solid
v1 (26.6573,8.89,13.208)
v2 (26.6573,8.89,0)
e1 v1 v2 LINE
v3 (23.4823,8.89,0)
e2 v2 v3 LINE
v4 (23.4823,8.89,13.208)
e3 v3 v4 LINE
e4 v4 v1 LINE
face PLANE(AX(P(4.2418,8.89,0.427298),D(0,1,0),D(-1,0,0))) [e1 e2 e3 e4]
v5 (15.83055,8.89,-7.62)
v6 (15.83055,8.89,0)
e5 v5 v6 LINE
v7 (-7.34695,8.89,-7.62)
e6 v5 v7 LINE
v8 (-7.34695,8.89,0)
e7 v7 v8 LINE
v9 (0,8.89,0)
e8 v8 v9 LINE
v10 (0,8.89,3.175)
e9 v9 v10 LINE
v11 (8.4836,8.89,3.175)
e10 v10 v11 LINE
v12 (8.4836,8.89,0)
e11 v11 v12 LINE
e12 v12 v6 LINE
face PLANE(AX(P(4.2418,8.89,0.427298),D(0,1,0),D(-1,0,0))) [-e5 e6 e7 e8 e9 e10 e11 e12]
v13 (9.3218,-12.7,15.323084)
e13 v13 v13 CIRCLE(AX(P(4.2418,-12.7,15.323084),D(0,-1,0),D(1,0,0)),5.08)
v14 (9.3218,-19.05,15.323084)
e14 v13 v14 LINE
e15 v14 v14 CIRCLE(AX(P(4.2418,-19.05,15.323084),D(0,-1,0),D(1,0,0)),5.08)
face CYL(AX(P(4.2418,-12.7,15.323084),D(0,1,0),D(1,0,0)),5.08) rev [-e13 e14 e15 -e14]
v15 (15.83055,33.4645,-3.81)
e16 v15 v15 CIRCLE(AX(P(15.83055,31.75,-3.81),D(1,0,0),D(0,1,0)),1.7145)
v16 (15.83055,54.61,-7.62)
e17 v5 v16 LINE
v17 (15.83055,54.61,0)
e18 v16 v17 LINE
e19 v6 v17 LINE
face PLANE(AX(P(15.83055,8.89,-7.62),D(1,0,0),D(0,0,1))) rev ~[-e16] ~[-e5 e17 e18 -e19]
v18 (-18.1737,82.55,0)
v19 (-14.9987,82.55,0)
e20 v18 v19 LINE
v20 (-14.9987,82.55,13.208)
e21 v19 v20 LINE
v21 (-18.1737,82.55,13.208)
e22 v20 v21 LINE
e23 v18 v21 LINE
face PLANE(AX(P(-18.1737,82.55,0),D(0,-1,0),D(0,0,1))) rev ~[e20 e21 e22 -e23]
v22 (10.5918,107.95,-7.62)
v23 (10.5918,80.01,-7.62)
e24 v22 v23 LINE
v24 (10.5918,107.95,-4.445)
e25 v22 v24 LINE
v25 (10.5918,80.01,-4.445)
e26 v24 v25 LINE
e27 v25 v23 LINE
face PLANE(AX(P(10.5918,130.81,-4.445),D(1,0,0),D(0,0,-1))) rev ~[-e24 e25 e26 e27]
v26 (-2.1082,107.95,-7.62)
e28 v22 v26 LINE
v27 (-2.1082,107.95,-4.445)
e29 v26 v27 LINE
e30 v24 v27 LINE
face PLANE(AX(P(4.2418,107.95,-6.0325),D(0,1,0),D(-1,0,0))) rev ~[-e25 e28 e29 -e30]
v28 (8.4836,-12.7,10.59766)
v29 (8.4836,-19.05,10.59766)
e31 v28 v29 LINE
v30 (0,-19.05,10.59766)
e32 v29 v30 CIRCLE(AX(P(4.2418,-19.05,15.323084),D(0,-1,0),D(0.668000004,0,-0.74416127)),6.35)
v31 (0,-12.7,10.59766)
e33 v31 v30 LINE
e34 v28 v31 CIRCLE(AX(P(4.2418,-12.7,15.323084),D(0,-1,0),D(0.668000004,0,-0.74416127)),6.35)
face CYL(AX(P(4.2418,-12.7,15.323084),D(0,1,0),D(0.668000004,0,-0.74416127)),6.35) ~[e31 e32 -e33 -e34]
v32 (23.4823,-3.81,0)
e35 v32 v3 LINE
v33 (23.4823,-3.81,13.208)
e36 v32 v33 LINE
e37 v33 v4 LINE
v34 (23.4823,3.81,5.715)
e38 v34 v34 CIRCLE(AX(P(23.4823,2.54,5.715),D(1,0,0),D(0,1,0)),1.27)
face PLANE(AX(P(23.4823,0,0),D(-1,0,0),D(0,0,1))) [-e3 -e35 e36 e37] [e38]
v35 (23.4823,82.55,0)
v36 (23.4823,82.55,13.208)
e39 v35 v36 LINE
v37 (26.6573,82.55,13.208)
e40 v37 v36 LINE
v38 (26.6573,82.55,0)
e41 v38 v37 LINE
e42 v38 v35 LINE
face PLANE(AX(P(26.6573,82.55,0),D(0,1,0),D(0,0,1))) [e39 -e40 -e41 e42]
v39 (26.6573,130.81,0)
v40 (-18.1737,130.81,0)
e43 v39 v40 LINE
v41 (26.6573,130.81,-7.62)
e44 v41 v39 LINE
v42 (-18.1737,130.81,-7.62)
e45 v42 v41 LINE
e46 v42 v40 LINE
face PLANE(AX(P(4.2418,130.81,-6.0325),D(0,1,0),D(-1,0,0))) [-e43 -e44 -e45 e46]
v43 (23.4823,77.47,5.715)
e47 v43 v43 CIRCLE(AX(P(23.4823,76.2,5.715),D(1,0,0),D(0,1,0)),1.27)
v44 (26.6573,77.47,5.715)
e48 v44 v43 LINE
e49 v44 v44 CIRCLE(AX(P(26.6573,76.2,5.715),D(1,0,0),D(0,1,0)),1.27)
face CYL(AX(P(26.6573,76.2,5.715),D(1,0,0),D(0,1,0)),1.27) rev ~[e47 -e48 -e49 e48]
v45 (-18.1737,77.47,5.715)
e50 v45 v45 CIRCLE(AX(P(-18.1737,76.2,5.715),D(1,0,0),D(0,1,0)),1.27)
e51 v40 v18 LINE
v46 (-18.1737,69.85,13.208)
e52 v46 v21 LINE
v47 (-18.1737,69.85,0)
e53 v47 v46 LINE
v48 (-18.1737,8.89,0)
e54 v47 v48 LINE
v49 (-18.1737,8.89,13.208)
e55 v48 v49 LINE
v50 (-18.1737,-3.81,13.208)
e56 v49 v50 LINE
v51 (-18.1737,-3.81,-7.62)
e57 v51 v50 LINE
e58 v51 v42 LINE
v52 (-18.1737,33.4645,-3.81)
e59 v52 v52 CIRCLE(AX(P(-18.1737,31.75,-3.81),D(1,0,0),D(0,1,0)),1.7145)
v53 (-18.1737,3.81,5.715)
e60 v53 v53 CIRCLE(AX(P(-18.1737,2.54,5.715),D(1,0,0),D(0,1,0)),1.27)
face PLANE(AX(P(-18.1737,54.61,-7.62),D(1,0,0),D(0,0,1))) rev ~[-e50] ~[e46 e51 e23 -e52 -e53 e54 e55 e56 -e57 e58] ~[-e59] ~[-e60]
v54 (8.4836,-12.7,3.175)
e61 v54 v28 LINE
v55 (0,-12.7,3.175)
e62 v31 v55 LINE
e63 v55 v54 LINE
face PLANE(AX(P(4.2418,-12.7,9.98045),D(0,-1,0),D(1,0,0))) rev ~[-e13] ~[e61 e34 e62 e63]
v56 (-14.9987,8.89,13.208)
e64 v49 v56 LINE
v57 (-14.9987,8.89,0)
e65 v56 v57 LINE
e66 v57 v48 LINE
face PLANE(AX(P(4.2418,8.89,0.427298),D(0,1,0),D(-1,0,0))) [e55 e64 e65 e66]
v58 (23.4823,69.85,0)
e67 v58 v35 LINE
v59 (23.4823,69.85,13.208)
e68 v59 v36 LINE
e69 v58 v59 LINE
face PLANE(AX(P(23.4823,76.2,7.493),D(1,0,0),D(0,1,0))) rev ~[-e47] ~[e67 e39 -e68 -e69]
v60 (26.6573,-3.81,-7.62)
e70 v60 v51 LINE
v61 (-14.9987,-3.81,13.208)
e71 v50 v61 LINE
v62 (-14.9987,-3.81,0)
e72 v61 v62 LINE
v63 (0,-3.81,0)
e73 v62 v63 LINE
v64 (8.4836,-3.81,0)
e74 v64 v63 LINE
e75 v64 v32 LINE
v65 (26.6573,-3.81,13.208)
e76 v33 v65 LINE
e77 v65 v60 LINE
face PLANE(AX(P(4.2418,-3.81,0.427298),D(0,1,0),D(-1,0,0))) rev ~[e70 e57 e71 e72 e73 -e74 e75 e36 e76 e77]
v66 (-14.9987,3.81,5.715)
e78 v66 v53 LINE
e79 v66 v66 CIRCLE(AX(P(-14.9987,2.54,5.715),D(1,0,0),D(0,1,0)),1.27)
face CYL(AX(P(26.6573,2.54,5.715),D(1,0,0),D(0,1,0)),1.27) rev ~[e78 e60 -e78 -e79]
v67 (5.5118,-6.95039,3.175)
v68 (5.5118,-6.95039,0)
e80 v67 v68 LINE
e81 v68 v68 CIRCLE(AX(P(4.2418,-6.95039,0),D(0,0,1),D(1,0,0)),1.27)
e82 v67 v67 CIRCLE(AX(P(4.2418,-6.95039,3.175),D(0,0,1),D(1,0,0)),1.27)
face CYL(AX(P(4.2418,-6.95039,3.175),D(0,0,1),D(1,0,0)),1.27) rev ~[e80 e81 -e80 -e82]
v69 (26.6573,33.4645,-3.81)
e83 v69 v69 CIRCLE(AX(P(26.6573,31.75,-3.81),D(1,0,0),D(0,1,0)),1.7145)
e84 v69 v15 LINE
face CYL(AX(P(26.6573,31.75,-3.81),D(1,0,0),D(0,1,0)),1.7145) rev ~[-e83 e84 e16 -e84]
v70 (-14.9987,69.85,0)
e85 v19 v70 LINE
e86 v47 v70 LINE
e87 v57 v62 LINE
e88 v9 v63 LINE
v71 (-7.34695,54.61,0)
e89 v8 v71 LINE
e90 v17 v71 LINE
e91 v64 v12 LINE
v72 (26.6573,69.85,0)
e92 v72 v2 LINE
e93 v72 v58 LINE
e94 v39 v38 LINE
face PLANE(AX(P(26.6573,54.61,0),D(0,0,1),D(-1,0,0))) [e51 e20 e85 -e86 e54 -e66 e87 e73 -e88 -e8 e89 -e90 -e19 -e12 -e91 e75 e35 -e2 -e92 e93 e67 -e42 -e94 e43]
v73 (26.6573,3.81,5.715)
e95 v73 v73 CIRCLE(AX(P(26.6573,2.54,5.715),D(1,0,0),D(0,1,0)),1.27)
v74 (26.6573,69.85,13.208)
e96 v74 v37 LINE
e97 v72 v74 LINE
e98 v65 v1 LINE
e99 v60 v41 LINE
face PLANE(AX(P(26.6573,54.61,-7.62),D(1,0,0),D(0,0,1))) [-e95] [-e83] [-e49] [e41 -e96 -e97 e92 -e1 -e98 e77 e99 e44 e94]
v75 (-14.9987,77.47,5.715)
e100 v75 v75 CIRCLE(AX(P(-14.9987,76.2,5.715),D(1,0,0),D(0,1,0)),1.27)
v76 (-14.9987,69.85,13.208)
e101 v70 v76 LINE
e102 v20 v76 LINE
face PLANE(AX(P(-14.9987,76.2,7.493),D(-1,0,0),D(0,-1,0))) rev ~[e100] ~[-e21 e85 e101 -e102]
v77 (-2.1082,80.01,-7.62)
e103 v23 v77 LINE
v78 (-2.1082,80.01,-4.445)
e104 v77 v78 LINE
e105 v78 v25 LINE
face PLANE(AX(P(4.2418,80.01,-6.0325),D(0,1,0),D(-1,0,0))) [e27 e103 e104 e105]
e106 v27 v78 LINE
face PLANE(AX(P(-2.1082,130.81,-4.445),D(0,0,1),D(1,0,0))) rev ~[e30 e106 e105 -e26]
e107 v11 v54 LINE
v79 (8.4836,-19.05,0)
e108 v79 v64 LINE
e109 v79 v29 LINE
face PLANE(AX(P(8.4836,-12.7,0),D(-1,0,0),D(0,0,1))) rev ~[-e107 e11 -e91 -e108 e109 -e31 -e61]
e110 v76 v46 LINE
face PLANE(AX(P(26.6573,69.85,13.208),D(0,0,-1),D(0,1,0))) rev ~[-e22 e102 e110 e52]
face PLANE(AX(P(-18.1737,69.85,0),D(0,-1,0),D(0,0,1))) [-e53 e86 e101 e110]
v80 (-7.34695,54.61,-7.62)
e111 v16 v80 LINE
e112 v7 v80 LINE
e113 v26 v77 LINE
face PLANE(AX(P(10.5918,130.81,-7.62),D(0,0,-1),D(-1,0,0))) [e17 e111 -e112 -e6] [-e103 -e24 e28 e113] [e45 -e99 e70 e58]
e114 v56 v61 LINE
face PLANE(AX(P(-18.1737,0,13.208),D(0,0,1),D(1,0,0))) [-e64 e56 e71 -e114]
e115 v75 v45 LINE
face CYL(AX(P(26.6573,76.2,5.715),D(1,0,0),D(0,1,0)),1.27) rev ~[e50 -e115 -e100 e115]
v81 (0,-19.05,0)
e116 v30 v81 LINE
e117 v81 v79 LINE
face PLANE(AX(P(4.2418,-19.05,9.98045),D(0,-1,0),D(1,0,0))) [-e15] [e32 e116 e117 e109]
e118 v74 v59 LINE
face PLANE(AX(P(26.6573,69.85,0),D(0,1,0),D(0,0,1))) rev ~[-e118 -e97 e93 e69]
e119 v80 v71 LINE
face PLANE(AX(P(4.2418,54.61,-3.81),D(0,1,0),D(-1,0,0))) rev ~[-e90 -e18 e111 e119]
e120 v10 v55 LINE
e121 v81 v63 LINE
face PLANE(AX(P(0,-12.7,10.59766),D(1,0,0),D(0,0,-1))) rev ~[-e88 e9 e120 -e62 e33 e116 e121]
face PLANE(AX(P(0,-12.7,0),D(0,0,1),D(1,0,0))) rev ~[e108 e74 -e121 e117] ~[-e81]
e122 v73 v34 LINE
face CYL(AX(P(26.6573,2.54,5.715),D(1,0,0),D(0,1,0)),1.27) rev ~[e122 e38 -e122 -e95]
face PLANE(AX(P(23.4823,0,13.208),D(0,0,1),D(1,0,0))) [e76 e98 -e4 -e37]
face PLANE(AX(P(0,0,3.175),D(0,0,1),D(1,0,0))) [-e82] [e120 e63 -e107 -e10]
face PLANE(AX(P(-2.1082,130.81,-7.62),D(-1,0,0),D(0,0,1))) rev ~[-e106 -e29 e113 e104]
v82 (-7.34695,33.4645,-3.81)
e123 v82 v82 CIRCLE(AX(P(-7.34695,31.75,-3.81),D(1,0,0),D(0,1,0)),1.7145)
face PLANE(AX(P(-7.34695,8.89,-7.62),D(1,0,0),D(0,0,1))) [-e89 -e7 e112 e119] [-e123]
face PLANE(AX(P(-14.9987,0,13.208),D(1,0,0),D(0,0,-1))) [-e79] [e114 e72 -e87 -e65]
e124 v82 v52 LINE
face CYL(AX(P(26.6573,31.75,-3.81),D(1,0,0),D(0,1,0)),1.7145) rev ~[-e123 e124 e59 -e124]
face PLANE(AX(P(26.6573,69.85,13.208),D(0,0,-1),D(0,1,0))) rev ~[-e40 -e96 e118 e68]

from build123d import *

# Parameters (mm, degrees)
F0_W          = 8.4836
F0_H          = 3.175
F1_DEPTH      = 12.7
F3_DEPTH      = 8.89
F3_DEPTH_BACK = 3.81
F4_R          = 5.08
F5_DEPTH      = 6.35
F6_R          = 1.27
F7_DEPTH      = 25.4
F8_R          = 1.27
F9_DEPTH      = 124.4092
F10_W         = 10.82675
F10_H         = 7.62
F11_DEPTH     = 45.72
F12_W         = 44.831
F12_H         = 7.62
F13_DEPTH     = 76.2
F14_R         = 1.7145
F15_DEPTH     = 51.6382
F16_W         = 12.7
F16_H         = 14.986
F17_DEPTH     = 3.175
F18_W         = 12.7
F18_H         = 14.986
F19_DEPTH     = 3.175
F20_W         = 12.7
F20_H         = 1.778
F20_R         = 1.27
F21_DEPTH     = 51.054
F23_DEPTH     = 50.8
F24_W         = 12.7
F24_H         = 3.175
F25_DEPTH     = 22.86


with BuildPart() as f1:
    # F0 (on Front) → F1 (new body)
    with BuildSketch(Plane.XZ):
        with Locations((4.2418, 1.5875)):
            Rectangle(F0_W, F0_H)
    extrude(amount=F1_DEPTH)

    # F2 (on face) → F3 (join, two sides)
    with BuildSketch(Plane(origin=(0, 0, 0), x_dir=(-1, 0, 0), z_dir=(0, 1, 0))) as f3_sk:
        Polygon((-8.4836, 3.175), (-8.4836, 0), (-13.7668, 0), (-23.4823, 0), (-23.4823, 13.208), (-26.6573, 13.208), (-26.6573, -7.62), (-12.1793, -7.62), (-4.2418, -7.62), (3.6957, -7.62), (18.1737, -7.62), (18.1737, 13.208), (14.9987, 13.208), (14.9987, 0), (5.2832, 0), (0, 0), (0, 3.175), align=None)
    extrude(amount=F3_DEPTH)
    extrude(f3_sk.sketch, amount=-F3_DEPTH_BACK)

    # F4 (on face) → F5 (join)
    with BuildSketch(Plane.XZ.offset(12.7)):
        with BuildLine():
            Line((8.4836, 0), (8.4836, 10.59766))
            ThreePointArc((8.4836, 10.59766), (4.2418, 21.673084), (0, 10.59766))
            Line((0, 10.59766), (0, 0))
            Line((0, 0), (8.4836, 0))
        make_face()
        with Locations((4.2418, 15.323084)):
            Circle(F4_R, mode=Mode.SUBTRACT)
    extrude(amount=F5_DEPTH)

    # F6 (on face) → F7 (cut)
    with BuildSketch(Plane.XY.offset(3.175)):
        with Locations((4.2418, -6.95039)):
            Circle(F6_R)
    extrude(amount=-F7_DEPTH, mode=Mode.SUBTRACT)

    # F8 (on face) → F9 (cut)
    with BuildSketch(Plane.YZ.offset(26.6573)):
        with Locations((2.54, 5.715)):
            Circle(F8_R)
    extrude(amount=-F9_DEPTH, mode=Mode.SUBTRACT)

    # F10 (on face) → F11 (join)
    with BuildSketch(Plane(origin=(0, 8.89, 0), x_dir=(-1, 0, 0), z_dir=(0, 1, 0))):
        with Locations((-21.243925, -3.81)):
            Rectangle(F10_W, F10_H)
        with Locations((12.760325, -3.81)):
            Rectangle(F10_W, F10_H)
    extrude(amount=F11_DEPTH)

    # F12 (on face) → F13 (join)
    with BuildSketch(Plane(origin=(0, 54.61, 0), x_dir=(-1, 0, 0), z_dir=(0, 1, 0))):
        with Locations((-4.2418, -3.81)):
            Rectangle(F12_W, F12_H)
    extrude(amount=F13_DEPTH)

    # F14 (on face) → F15 (cut)
    with BuildSketch(Plane.YZ.offset(26.6573)):
        with Locations((31.75, -3.81)):
            Circle(F14_R)
    extrude(amount=-F15_DEPTH, mode=Mode.SUBTRACT)

    # F16 (on face) → F17 (join)
    with BuildSketch(Plane.YZ.offset(26.6573)):
        with Locations((76.2, 7.493)):
            Rectangle(F16_W, F16_H)
    extrude(amount=-F17_DEPTH)

    # F18 (on face) → F19 (join)
    with BuildSketch(Plane(origin=(-18.1737, 0, 0), x_dir=(0, -1, 0), z_dir=(-1, 0, 0))):
        with Locations((-76.2, 7.493)):
            Rectangle(F18_W, F18_H)
    extrude(amount=-F19_DEPTH)

    # F20 (on face) → F21 (cut)
    with BuildSketch(Plane.YZ.offset(26.6573)):
        with Locations((76.2, 14.097)):
            Rectangle(F20_W, F20_H)
        with Locations((76.2, 5.715)):
            Circle(F20_R)
    extrude(amount=-F21_DEPTH, mode=Mode.SUBTRACT)

    # F22 (on face) → F23 (cut)
    with BuildSketch(Plane(origin=(0, 130.81, 0), x_dir=(-1, 0, 0), z_dir=(0, 1, 0))):
        Polygon((-10.5918, -7.62), (-4.2418, -7.62), (2.1082, -7.62), (2.1082, -4.445), (-10.5918, -4.445), align=None)
    extrude(amount=-F23_DEPTH, mode=Mode.SUBTRACT)

    # F24 (on face) → F25 (join)
    with BuildSketch(Plane(origin=(0, 130.81, 0), x_dir=(-1, 0, 0), z_dir=(0, 1, 0))):
        with Locations((-4.2418, -6.0325)):
            Rectangle(F24_W, F24_H)
    extrude(amount=-F25_DEPTH)


solid = f1.part
